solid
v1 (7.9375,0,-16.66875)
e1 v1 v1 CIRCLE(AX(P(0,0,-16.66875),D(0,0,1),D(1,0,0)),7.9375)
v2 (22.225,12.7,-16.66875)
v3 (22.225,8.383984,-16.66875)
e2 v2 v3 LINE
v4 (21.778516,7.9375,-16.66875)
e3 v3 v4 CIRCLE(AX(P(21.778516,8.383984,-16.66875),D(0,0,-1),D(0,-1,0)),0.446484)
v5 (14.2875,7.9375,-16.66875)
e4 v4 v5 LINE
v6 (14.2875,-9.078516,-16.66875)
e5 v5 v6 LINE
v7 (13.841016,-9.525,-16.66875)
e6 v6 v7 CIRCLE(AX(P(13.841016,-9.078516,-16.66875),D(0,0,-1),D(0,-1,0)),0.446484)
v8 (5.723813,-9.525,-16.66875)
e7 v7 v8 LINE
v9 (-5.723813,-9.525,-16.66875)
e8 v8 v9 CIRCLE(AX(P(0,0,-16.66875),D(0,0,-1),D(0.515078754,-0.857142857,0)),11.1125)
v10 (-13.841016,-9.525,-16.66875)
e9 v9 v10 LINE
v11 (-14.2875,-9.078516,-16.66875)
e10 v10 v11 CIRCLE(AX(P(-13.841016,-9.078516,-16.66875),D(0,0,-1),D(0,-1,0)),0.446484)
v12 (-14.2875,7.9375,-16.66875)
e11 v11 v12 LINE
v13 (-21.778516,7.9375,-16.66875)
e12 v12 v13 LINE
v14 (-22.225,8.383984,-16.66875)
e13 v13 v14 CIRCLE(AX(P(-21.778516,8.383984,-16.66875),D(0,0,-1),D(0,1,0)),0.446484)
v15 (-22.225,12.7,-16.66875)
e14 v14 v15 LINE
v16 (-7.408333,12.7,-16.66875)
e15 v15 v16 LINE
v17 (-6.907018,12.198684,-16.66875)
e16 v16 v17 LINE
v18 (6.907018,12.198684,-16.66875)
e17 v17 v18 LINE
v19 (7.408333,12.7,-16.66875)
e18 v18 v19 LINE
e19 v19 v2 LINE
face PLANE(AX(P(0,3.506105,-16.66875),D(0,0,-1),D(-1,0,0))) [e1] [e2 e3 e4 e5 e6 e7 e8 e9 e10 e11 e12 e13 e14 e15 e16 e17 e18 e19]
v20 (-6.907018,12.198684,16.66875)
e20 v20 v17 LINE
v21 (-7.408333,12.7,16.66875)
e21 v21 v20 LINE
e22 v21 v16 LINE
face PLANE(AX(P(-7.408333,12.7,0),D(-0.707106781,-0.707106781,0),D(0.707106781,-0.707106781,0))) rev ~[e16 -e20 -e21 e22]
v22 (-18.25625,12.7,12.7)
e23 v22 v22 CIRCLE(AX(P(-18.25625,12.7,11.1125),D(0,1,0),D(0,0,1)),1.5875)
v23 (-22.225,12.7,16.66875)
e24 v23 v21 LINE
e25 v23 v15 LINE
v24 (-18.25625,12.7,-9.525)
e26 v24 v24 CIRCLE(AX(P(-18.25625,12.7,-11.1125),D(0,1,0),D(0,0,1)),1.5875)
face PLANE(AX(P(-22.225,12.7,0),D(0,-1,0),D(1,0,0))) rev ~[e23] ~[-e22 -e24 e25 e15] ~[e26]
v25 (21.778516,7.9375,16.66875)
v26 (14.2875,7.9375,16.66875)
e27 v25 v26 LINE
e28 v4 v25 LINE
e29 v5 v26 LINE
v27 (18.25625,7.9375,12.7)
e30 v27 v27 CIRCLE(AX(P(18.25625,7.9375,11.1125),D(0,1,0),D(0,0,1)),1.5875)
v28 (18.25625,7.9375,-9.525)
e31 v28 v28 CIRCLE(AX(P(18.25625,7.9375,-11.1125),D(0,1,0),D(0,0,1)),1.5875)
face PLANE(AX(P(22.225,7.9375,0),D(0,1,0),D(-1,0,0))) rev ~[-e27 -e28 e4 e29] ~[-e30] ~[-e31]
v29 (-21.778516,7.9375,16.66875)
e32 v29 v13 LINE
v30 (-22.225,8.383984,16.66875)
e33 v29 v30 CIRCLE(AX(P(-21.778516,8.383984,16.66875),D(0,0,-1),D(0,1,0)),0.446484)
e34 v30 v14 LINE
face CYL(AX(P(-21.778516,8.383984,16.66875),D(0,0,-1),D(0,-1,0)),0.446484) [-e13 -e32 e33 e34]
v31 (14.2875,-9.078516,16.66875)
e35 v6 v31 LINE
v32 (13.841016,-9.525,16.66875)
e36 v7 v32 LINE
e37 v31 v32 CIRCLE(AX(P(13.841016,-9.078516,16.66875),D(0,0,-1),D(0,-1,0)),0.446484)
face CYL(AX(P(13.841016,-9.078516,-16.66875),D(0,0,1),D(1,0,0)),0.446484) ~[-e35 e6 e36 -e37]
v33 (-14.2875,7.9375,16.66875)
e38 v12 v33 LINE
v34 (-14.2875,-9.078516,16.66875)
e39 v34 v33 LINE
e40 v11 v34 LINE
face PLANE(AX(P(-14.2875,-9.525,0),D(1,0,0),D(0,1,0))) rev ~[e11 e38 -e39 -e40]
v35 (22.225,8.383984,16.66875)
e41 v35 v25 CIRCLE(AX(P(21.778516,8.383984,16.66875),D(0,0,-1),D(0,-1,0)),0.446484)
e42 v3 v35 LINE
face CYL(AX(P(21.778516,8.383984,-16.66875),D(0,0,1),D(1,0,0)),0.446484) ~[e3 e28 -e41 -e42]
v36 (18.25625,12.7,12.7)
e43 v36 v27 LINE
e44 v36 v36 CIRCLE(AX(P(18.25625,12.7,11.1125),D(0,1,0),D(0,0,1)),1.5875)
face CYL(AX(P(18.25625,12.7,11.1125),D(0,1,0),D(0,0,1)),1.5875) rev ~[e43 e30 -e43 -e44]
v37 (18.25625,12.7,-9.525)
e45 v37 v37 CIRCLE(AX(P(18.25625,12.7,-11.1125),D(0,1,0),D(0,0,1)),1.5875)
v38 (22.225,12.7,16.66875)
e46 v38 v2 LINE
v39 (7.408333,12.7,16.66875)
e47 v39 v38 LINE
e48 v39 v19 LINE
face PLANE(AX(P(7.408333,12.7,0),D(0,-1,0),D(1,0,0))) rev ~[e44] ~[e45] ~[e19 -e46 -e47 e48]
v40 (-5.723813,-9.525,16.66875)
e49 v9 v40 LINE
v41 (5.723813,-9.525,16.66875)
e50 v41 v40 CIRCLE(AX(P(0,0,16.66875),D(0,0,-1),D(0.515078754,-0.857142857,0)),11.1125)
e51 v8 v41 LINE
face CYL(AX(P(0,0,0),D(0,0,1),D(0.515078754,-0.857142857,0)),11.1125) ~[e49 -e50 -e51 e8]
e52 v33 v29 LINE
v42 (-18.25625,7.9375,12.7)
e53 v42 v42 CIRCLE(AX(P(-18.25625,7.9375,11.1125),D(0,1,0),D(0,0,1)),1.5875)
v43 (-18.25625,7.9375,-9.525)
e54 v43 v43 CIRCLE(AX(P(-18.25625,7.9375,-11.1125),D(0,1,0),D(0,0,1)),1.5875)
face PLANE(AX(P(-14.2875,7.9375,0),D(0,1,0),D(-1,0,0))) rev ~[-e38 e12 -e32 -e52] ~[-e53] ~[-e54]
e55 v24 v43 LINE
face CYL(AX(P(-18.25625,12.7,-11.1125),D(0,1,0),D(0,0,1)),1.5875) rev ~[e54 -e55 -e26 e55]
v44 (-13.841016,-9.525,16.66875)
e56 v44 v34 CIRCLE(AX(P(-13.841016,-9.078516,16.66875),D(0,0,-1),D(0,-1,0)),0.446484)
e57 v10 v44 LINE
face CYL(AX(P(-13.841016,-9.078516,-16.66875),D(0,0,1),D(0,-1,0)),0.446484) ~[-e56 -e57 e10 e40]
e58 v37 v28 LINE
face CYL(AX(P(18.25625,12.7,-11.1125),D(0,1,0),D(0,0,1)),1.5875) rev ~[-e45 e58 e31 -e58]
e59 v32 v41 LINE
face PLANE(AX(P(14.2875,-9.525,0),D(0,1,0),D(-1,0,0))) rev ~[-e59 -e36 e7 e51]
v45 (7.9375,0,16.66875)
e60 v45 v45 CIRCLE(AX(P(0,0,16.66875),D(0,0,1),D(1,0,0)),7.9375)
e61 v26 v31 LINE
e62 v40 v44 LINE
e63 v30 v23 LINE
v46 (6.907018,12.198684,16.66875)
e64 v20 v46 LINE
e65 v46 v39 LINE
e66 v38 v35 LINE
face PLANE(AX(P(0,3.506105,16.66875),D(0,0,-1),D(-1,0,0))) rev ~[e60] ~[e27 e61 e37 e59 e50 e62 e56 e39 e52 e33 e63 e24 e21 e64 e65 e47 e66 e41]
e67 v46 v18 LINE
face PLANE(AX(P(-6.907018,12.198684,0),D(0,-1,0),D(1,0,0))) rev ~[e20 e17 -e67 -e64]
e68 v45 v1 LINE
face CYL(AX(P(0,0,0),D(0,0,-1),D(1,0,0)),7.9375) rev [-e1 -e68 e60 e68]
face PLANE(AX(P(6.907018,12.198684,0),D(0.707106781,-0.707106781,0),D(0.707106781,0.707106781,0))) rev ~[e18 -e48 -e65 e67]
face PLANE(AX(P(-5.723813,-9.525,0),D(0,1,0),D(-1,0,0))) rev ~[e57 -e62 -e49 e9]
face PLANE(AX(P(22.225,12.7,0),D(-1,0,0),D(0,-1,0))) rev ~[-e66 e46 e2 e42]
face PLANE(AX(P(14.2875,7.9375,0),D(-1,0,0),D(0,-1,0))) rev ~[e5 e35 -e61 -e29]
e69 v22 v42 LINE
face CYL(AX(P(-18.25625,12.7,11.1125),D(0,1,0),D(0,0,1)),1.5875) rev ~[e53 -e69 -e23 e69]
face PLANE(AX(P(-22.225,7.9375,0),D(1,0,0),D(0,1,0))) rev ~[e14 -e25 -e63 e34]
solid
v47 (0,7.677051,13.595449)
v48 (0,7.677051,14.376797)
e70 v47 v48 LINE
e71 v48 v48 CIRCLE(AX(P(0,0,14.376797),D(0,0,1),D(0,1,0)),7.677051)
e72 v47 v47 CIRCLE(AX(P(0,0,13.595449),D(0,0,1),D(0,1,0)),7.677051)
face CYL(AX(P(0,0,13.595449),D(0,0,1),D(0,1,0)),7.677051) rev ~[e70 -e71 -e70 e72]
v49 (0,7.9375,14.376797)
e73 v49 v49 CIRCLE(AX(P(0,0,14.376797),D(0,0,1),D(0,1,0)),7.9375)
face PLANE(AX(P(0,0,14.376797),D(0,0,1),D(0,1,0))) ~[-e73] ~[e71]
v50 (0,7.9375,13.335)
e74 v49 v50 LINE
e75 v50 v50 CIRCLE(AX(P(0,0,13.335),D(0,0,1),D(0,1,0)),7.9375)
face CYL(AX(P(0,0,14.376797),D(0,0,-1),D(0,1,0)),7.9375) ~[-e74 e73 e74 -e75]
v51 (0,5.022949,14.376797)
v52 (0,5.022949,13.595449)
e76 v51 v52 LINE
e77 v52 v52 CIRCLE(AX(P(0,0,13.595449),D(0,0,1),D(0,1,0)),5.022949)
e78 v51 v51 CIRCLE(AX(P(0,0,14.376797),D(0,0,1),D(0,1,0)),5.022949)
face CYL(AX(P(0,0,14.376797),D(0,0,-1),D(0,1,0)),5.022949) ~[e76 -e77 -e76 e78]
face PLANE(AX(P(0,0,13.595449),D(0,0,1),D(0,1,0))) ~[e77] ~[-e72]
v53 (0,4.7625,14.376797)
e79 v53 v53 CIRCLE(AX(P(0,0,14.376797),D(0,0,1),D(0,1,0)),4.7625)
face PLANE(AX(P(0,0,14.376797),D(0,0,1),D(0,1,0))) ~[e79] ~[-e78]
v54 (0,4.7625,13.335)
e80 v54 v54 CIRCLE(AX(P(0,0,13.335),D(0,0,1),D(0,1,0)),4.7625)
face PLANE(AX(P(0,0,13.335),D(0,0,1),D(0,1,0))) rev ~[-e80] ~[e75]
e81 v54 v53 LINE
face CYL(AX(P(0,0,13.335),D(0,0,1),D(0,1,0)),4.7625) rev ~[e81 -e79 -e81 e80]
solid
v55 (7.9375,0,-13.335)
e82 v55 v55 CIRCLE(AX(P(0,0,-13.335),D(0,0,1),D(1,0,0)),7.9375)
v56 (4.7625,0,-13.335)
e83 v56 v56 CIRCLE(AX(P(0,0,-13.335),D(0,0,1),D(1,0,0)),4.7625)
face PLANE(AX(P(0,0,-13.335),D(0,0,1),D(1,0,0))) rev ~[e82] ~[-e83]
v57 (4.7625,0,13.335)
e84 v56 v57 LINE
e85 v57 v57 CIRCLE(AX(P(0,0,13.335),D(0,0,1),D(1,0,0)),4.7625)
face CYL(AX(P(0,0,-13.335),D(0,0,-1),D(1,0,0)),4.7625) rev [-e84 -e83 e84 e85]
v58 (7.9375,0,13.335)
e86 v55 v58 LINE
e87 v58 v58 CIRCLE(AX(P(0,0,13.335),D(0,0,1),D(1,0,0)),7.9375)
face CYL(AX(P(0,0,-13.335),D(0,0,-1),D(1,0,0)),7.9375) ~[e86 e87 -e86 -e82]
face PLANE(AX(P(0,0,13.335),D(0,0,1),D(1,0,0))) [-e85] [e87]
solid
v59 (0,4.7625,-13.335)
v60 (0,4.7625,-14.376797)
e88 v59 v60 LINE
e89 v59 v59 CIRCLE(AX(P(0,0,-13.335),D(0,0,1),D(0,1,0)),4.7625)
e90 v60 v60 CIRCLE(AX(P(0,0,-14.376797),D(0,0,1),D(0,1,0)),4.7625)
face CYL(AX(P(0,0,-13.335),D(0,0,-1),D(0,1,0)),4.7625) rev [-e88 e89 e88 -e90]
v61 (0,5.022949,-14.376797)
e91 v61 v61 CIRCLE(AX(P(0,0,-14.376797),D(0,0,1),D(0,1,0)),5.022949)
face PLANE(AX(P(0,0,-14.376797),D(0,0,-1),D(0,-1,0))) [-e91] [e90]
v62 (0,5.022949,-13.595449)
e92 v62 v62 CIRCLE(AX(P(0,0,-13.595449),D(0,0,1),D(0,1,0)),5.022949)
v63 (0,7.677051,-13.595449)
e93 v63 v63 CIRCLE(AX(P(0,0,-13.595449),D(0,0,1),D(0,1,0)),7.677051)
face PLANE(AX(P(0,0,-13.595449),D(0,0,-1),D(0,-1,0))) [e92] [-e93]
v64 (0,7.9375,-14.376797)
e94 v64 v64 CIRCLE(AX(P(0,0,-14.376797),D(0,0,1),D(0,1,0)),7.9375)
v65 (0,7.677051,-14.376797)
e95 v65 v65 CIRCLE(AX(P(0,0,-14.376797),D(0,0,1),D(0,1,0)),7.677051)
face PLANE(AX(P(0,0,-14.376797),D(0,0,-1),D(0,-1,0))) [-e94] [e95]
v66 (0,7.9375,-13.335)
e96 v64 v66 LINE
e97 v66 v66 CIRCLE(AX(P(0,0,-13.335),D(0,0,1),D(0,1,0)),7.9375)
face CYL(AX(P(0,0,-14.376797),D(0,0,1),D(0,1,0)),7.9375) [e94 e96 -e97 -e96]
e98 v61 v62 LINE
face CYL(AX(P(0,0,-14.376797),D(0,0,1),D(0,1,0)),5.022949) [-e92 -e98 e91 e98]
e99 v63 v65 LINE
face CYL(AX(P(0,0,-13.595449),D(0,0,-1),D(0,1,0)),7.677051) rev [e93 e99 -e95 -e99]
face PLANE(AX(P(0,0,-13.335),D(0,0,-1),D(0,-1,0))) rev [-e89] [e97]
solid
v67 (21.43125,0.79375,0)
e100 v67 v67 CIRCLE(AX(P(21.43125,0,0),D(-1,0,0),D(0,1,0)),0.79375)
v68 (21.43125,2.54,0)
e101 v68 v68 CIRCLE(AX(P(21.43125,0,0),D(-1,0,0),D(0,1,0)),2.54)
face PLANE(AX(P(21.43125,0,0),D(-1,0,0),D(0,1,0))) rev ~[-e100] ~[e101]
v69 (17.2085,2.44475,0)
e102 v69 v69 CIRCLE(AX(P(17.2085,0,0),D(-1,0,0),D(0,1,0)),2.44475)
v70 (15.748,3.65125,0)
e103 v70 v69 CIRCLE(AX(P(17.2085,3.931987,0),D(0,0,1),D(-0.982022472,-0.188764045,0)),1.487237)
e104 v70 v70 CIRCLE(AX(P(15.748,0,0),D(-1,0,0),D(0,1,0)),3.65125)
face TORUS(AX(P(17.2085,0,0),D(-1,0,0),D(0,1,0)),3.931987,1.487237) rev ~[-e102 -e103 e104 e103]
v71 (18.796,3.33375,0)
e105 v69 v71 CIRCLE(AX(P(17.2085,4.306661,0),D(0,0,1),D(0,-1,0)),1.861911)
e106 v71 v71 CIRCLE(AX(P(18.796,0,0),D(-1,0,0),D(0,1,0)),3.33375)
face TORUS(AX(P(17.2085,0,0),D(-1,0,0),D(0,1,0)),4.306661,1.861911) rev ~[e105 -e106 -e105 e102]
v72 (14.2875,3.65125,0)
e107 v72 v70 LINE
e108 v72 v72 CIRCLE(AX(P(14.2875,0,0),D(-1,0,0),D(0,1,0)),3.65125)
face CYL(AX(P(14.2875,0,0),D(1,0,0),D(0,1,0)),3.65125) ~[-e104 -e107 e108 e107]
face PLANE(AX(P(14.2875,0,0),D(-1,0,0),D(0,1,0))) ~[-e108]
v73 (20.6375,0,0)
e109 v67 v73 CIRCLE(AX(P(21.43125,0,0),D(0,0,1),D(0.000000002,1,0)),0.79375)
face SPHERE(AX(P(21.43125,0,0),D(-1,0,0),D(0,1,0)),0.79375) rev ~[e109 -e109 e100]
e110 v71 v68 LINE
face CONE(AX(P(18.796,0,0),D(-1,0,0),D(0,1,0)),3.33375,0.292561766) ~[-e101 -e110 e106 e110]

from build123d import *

# Parameters (mm, degrees)
SKETCH1_R            = 7.9375
MAIN_BODY_DEPTH      = 16.66875
INTERIOR_DEPTH       = 13.335
INTERIOR_DEPTH_BACK  = 13.335
SKETCH8_R            = 7.9375
SKETCH8_R_2          = 4.7625
FILLETS_R            = 0.446484375
SKETCH3_R            = 1.5875
MOUNTING_HOLES_DEPTH = 4.7625


with BuildPart() as part:
    # Sketch1 → Main Body (new, symmetric)
    with BuildSketch(Plane.XY):
        with BuildLine():
            Line((-14.2875, 7.9375), (-22.225, 7.9375))
            Line((-22.225, 7.9375), (-22.225, 12.7))
            Line((-22.225, 12.7), (-7.408333333, 12.7))
            Line((-7.408333333, 12.7), (-6.907017544, 12.198684211))
            Line((-6.907017544, 12.198684211), (6.907017544, 12.198684211))
            Line((6.907017544, 12.198684211), (7.408333333, 12.7))
            Line((7.408333333, 12.7), (22.225, 12.7))
            Line((22.225, 12.7), (22.225, 7.9375))
            Line((22.225, 7.9375), (14.2875, 7.9375))
            Line((14.2875, 7.9375), (14.2875, -9.525))
            Line((14.2875, -9.525), (5.72381265, -9.525))
            ThreePointArc((5.72381265, -9.525), (0, -11.1125), (-5.72381265, -9.525))
            Line((-5.72381265, -9.525), (-14.2875, -9.525))
            Line((-14.2875, -9.525), (-14.2875, 7.9375))
        make_face()
        Circle(SKETCH1_R, mode=Mode.SUBTRACT)
    extrude(amount=MAIN_BODY_DEPTH, both=True)

    # Fillets
    fillets_edges = [part.edges().sort_by_distance(p)[0] for p in [
        (14.2875, -9.525, 0),
        (-14.2875, -9.525, 0),
        (-22.225, 7.9375, 0),
        (22.225, 7.9375, 0),
    ]]
    fillet(fillets_edges, radius=FILLETS_R)

    # Sketch3 → Mounting Holes (cut)
    with BuildSketch(Plane(origin=(0, 12.7, 0), x_dir=(1, 0, 0), z_dir=(0, 1, 0))):
        with Locations(Location((-18.25625, 11.1125, 0), (0, 0, 270))):
            Circle(SKETCH3_R)
        with Locations(Location((18.25625, 11.1125, 0), (0, 0, 270))):
            Circle(SKETCH3_R)
        with Locations(Location((18.25625, -11.1125, 0), (0, 0, 270))):
            Circle(SKETCH3_R)
        with Locations(Location((-18.25625, -11.1125, 0), (0, 0, 270))):
            Circle(SKETCH3_R)
    extrude(amount=-MOUNTING_HOLES_DEPTH, mode=Mode.SUBTRACT)


with BuildPart() as body_2:
    # Sketch8 → Interior (new, two sides: drawn at the far end of the back side and taken through both)
    with BuildSketch(Plane.XY.offset(-INTERIOR_DEPTH_BACK)):
        Circle(SKETCH8_R)
        Circle(SKETCH8_R_2, mode=Mode.SUBTRACT)
    extrude(amount=INTERIOR_DEPTH + INTERIOR_DEPTH_BACK)


with BuildPart() as body_3:
    # Seal 2 → Seal (revolve)
    with BuildSketch(Plane(origin=(0, 0, 0), x_dir=(0, 0, -1), z_dir=(1, 0, 0))):
        Polygon((-13.335, 4.7625), (-14.376796875, 4.7625), (-14.376796875, 5.022949219), (-13.595449219, 5.022949219), (-13.595449219, 7.677050781), (-14.376796875, 7.677050781), (-14.376796875, 7.9375), (-13.335, 7.9375), align=None)
    revolve(axis=Axis((0, 0, 0), (0, 0, 1)))


with BuildPart() as body_4:
    # Grease Fitting 2 → Grease Fitting (revolve)
    with BuildSketch(Plane.XY):
        with BuildLine():
            Line((14.2875, 0), (14.2875, 3.65125))
            Line((14.2875, 3.65125), (15.748, 3.65125))
            ThreePointArc((15.748, 3.65125), (16.261306448, 2.785384121), (17.2085, 2.44475))
            ThreePointArc((17.2085, 2.44475), (18.118235848, 2.682132415), (18.796, 3.33375))
            Line((18.796, 3.33375), (21.43125, 2.54))
            Line((21.43125, 2.54), (21.43125, 0.79375))
            ThreePointArc((21.43125, 0.79375), (20.869983992, 0.561266008), (20.6375, 0))
            Line((20.6375, 0), (14.2875, 0))
        make_face()
    revolve(axis=Axis((20.6375, 0, 0), (-1, 0, 0)))


with BuildPart() as body_5:
    # Seal Mirror: mirrored copy
    add(body_3.part.mirror(Plane.XY))


solid = Compound([part.part, body_2.part, body_3.part, body_4.part, body_5.part])
